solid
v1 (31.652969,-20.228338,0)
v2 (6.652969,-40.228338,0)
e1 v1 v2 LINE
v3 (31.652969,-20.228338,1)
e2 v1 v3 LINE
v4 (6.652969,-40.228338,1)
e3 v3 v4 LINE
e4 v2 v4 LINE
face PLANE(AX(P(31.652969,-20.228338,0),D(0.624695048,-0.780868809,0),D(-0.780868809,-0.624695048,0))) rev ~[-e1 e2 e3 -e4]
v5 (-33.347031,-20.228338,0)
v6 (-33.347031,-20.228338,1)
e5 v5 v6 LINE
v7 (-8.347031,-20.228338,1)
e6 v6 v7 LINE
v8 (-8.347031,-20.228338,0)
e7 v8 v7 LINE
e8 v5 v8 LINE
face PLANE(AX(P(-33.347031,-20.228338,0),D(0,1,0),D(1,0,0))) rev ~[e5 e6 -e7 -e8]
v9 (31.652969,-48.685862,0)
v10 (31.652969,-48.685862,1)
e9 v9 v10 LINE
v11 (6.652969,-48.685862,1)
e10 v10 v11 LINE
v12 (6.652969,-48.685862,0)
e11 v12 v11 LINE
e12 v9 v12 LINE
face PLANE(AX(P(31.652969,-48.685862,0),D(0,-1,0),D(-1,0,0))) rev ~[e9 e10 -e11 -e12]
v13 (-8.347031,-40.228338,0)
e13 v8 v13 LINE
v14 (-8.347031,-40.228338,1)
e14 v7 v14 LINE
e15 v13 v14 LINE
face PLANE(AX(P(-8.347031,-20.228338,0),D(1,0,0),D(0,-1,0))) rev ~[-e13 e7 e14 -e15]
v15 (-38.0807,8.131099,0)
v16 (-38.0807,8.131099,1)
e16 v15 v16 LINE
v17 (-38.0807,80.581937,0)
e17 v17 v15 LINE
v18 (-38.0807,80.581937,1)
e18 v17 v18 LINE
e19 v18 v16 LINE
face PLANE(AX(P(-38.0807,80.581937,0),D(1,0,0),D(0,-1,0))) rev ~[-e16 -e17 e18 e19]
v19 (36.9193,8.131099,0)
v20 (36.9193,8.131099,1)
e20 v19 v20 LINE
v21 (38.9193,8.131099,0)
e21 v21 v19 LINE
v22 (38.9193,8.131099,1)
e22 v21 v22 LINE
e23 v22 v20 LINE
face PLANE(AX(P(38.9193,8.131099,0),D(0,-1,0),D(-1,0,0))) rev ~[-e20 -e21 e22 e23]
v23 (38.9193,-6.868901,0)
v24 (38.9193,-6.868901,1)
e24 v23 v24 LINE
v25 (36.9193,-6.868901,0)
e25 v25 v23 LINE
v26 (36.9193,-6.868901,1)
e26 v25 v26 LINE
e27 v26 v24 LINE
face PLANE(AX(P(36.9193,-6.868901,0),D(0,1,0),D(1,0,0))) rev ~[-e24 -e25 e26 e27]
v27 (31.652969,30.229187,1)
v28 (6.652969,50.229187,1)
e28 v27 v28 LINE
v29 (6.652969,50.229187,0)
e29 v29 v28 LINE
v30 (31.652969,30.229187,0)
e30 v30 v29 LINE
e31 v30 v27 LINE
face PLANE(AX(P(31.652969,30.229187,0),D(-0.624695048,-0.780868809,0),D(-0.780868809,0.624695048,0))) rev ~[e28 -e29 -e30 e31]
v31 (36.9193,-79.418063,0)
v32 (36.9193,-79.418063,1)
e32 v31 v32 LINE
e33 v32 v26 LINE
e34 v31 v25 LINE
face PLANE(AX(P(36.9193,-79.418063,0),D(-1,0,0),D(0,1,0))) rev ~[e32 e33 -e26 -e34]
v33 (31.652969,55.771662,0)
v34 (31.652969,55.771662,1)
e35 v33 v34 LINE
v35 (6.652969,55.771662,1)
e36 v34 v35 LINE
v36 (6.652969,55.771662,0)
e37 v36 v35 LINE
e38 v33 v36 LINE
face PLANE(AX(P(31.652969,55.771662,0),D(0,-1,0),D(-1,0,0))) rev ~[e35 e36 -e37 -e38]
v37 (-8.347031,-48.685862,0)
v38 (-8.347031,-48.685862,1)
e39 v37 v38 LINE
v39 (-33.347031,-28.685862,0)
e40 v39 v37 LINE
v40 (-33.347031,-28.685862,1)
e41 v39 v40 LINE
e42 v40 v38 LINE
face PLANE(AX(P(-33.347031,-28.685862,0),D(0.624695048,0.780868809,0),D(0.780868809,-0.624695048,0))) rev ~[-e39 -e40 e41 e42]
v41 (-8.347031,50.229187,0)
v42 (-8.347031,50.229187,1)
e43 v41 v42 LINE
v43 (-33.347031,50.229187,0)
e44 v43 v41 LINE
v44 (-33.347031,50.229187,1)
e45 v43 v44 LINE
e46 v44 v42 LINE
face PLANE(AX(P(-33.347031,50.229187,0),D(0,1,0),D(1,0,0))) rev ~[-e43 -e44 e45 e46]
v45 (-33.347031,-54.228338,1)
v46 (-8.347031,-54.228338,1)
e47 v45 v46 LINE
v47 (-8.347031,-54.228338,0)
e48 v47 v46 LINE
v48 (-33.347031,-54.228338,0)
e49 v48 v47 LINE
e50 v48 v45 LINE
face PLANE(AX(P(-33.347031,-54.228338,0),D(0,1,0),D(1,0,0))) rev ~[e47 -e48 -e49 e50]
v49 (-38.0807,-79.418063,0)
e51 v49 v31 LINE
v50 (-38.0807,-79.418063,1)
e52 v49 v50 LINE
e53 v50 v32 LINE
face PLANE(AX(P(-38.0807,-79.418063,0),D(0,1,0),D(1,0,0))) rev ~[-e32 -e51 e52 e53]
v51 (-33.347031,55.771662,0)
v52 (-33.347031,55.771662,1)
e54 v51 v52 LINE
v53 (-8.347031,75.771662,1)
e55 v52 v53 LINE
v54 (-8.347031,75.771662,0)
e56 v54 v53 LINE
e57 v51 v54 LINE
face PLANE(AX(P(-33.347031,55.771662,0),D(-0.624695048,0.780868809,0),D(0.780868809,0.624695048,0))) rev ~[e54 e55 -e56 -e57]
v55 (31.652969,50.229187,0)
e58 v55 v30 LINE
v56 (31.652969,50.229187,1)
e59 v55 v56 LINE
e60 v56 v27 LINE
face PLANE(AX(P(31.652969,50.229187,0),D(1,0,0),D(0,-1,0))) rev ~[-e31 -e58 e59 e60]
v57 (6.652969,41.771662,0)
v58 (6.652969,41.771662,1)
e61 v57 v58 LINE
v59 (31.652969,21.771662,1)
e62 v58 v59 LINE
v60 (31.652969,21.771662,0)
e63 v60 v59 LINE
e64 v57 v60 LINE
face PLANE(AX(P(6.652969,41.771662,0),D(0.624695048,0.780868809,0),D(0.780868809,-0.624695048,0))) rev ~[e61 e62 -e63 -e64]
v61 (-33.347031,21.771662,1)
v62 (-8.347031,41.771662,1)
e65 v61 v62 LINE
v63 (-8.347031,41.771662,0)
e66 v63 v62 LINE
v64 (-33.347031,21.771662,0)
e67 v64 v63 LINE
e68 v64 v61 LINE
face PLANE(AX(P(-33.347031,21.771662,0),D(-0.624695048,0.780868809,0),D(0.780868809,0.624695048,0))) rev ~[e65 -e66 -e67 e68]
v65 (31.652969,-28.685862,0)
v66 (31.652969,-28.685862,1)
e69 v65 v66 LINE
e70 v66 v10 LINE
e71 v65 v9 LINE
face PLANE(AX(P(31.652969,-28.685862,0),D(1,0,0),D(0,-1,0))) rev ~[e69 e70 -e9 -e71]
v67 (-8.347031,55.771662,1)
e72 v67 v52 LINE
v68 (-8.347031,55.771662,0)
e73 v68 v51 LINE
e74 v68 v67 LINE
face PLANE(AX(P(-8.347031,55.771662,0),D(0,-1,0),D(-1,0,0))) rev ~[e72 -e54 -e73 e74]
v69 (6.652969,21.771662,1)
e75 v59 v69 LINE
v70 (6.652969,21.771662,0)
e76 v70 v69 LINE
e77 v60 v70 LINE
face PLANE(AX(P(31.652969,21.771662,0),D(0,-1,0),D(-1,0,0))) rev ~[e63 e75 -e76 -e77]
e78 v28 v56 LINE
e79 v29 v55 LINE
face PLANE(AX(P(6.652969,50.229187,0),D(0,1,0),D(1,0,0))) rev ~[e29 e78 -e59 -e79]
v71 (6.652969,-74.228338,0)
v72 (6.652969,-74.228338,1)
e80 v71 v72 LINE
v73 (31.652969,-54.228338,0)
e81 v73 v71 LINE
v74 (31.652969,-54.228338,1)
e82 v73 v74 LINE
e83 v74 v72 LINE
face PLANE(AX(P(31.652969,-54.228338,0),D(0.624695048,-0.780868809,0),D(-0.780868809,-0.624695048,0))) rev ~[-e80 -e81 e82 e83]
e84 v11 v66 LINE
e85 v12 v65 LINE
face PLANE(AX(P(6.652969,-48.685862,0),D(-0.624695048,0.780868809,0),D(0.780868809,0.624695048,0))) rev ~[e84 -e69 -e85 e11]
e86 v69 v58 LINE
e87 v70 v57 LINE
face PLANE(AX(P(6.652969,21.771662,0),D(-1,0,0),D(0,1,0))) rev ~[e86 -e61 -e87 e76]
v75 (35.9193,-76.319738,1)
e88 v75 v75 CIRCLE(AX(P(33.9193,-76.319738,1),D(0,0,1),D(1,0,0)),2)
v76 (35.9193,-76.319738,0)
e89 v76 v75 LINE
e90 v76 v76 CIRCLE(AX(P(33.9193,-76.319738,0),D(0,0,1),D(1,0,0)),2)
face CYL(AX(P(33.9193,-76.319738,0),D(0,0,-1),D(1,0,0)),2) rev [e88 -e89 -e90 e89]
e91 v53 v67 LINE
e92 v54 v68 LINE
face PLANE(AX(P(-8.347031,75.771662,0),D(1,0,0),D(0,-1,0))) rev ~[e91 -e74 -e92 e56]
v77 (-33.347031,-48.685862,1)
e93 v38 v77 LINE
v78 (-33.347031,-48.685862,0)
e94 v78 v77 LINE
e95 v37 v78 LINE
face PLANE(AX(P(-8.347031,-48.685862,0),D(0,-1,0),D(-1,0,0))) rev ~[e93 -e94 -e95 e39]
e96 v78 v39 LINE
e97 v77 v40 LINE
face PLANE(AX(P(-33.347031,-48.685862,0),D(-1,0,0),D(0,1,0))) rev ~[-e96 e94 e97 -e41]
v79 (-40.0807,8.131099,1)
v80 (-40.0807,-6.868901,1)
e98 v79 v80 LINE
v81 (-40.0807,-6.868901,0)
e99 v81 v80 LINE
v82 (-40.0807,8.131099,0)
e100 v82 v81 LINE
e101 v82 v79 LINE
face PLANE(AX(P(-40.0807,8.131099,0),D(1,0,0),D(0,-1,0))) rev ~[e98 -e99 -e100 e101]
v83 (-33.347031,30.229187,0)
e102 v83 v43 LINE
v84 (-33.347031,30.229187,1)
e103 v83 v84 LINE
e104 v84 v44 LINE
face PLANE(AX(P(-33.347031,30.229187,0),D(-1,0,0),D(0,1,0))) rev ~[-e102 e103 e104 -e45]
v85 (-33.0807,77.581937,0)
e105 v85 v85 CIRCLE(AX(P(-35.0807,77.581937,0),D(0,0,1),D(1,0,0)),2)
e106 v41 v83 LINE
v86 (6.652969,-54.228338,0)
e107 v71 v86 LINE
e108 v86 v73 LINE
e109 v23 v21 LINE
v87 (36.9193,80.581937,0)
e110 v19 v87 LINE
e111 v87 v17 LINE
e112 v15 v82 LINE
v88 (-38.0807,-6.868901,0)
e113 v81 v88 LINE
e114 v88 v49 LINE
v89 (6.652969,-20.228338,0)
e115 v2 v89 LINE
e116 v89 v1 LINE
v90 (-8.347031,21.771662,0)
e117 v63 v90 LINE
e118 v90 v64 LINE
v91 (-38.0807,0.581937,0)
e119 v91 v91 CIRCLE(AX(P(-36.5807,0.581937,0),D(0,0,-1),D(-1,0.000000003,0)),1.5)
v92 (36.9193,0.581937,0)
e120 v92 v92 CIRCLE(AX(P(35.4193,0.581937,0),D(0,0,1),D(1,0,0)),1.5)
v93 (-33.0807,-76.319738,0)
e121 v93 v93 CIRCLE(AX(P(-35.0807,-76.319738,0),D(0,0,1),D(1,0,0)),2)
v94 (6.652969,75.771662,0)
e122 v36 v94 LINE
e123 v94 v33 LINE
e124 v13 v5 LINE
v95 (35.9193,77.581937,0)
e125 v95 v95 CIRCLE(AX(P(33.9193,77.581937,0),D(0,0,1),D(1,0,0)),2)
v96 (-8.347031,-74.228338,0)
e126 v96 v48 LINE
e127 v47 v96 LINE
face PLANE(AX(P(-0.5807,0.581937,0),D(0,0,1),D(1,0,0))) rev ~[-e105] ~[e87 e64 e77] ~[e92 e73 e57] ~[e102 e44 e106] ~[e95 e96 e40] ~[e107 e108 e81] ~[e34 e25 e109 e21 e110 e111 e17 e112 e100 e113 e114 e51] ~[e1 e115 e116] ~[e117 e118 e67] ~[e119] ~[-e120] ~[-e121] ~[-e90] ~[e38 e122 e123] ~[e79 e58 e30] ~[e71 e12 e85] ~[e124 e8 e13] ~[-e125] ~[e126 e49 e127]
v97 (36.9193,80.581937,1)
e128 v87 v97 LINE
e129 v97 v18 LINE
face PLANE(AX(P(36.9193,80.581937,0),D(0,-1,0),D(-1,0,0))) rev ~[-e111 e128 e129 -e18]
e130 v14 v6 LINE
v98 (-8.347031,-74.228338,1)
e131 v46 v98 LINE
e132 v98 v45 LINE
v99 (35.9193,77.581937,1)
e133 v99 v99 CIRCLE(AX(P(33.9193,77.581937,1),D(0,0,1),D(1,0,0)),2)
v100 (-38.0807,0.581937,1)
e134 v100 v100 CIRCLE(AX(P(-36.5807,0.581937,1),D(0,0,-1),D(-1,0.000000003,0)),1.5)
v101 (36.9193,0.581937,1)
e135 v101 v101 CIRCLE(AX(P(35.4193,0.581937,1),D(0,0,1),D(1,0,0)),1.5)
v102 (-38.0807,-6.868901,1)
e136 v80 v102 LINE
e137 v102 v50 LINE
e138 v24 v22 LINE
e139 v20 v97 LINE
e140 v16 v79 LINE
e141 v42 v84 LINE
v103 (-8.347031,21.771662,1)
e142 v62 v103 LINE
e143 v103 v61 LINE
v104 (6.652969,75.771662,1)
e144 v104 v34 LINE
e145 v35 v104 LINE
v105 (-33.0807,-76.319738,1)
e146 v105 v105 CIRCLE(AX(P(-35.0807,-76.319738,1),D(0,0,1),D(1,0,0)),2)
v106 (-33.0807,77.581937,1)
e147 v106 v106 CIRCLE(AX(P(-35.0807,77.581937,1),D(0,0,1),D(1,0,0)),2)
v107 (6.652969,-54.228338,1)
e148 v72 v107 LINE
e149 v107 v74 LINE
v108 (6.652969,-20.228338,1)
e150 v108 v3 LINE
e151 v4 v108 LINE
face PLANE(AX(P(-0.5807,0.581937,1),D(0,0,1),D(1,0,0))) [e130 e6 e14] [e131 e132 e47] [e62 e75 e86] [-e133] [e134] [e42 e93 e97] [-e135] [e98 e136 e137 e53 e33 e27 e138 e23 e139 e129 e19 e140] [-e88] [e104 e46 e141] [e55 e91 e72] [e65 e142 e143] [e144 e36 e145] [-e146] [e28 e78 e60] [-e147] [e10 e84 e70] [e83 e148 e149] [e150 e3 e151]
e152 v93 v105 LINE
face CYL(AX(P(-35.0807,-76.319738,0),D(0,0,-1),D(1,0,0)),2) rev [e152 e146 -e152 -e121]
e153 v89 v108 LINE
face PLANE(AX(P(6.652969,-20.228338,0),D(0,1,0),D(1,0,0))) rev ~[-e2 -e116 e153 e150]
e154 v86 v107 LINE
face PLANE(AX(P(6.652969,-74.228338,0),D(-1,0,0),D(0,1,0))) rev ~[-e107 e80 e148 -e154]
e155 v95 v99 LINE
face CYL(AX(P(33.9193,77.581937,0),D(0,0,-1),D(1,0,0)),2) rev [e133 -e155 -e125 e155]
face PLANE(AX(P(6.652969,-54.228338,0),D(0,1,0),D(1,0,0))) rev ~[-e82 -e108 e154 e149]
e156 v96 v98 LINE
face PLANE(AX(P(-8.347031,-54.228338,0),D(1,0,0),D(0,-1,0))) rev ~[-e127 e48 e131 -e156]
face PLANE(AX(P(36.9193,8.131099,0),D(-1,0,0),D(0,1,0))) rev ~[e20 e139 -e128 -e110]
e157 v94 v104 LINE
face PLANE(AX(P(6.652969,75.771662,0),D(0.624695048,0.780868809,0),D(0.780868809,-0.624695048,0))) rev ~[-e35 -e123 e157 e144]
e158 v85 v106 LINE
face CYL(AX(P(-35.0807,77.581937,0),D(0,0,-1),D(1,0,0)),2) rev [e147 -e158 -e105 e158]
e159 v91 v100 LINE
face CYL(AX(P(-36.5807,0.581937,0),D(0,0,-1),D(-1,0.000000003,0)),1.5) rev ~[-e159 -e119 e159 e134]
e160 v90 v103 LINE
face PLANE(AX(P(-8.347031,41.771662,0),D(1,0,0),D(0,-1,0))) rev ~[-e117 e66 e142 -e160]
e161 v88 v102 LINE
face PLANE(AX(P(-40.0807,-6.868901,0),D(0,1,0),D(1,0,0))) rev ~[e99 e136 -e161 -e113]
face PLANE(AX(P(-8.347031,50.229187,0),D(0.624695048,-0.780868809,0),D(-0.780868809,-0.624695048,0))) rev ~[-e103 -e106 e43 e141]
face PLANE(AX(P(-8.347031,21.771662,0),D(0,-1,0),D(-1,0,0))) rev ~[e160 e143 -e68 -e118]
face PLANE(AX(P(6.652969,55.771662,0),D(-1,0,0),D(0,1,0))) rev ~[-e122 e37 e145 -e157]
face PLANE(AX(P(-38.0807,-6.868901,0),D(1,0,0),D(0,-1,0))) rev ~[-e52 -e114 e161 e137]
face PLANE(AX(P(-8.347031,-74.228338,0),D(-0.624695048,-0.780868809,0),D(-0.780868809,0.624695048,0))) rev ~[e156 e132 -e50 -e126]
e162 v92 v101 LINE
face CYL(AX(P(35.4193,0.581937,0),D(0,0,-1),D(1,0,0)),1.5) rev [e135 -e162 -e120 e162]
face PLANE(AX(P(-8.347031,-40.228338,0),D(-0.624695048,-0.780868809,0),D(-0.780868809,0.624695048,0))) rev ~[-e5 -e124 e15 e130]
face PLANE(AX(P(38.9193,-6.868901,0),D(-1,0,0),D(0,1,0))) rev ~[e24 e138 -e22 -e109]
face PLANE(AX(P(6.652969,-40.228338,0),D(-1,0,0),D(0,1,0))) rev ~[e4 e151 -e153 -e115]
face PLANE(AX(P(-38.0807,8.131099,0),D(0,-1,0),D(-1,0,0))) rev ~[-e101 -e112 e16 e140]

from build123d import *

# Parameters (mm, degrees)
F0_R     = 2
F0_R_2   = 1.5
F1_DEPTH = 1


with BuildPart() as f1:
    # F0 (on Top) → F1 (new body)
    with BuildSketch(Plane.XY):
        Polygon((36.9193002582, 80.5819368362), (-38.0806997418, 80.5819368362), (-38.0806997418, 20.6310992315), (-38.0806997418, 15.5746781826), (-38.0806997418, 8.1310992315), (-38.0806997418, 0.5819368409), (-38.0806997418, -6.8689007685), (-38.0806997418, -14.4253218174), (-38.0806997418, -19.3689007685), (-38.0806997418, -79.4180631638), (36.9193002582, -79.4180631638), (36.9193002582, -19.3689007685), (36.9193002582, -14.4253218174), (36.9193002582, -6.8689007685), (36.9193002582, 0.5819368362), (36.9193002582, 8.1310992315), (36.9193002582, 15.5746781826), (36.9193002582, 20.6310992315), align=None)
        with Locations((-35.0806997418, -76.3197383732)):
            Circle(F0_R, mode=Mode.SUBTRACT)
        Polygon((-33.3470307291, -54.2283378169), (-8.3470307291, -54.2283378169), (-8.3470307291, -74.2283378169), align=None, mode=Mode.SUBTRACT)
        Polygon((-33.3470307291, -48.6858622357), (-33.3470307291, -28.6858622357), (-8.3470307291, -48.6858622357), align=None, mode=Mode.SUBTRACT)
        Polygon((-33.3470307291, -20.2283378169), (-8.3470307291, -20.2283378169), (-8.3470307291, -40.2283378169), align=None, mode=Mode.SUBTRACT)
        Polygon((6.6529692709, -74.2283378169), (6.6529692709, -54.2283378169), (31.6529692709, -54.2283378169), align=None, mode=Mode.SUBTRACT)
        with Locations((33.9193002582, -76.3197383732)):
            Circle(F0_R, mode=Mode.SUBTRACT)
        Polygon((31.6529692709, -48.6858622357), (6.6529692709, -48.6858622357), (31.6529692709, -28.6858622357), align=None, mode=Mode.SUBTRACT)
        Polygon((6.6529692709, -40.2283378169), (6.6529692709, -20.2283378169), (31.6529692709, -20.2283378169), align=None, mode=Mode.SUBTRACT)
        with BuildLine():
            ThreePointArc((-35.0806997418, 0.5819368362), (-36.5806997442, -0.9180631638), (-38.0806997418, 0.5819368409))
            ThreePointArc((-38.0806997418, 0.5819368409), (-36.5806997395, 2.0819368362), (-35.0806997418, 0.5819368362))
        make_face(mode=Mode.SUBTRACT)
        Polygon((-8.3470307291, 41.7716621831), (-8.3470307291, 21.7716621831), (-33.3470307291, 21.7716621831), align=None, mode=Mode.SUBTRACT)
        Polygon((-8.3470307291, 50.2291866019), (-33.3470307291, 30.2291866019), (-33.3470307291, 50.2291866019), align=None, mode=Mode.SUBTRACT)
        with Locations((-35.0806997418, 77.5819368362)):
            Circle(F0_R, mode=Mode.SUBTRACT)
        Polygon((-8.3470307291, 55.7716621831), (-33.3470307291, 55.7716621831), (-8.3470307291, 75.7716621831), align=None, mode=Mode.SUBTRACT)
        Polygon((31.6529692709, 21.7716621831), (6.6529692709, 21.7716621831), (6.6529692709, 41.7716621831), align=None, mode=Mode.SUBTRACT)
        Polygon((31.6529692709, 50.2291866019), (31.6529692709, 30.2291866019), (6.6529692709, 50.2291866019), align=None, mode=Mode.SUBTRACT)
        with Locations((35.4193002582, 0.5819368362)):
            Circle(F0_R_2, mode=Mode.SUBTRACT)
        Polygon((31.6529692709, 55.7716621831), (6.6529692709, 55.7716621831), (6.6529692709, 75.7716621831), align=None, mode=Mode.SUBTRACT)
        with Locations((33.9193002582, 77.5819368362)):
            Circle(F0_R, mode=Mode.SUBTRACT)
        Polygon((38.9193002582, 8.1310992315), (36.9193002582, 8.1310992315), (36.9193002582, 0.5819368362), (36.9193002582, -6.8689007685), (38.9193002582, -6.8689007685), (38.9193002582, -4.3689007685), (38.9193002582, 5.6310992315), align=None)
        Polygon((-38.0806997418, 0.5819368409), (-38.0806997418, 8.1310992315), (-40.0806997418, 8.1310992315), (-40.0806997418, 5.6310992315), (-40.0806997418, -4.3689007685), (-40.0806997418, -6.8689007685), (-38.0806997418, -6.8689007685), align=None)
    extrude(amount=F1_DEPTH)


solid = f1.part
